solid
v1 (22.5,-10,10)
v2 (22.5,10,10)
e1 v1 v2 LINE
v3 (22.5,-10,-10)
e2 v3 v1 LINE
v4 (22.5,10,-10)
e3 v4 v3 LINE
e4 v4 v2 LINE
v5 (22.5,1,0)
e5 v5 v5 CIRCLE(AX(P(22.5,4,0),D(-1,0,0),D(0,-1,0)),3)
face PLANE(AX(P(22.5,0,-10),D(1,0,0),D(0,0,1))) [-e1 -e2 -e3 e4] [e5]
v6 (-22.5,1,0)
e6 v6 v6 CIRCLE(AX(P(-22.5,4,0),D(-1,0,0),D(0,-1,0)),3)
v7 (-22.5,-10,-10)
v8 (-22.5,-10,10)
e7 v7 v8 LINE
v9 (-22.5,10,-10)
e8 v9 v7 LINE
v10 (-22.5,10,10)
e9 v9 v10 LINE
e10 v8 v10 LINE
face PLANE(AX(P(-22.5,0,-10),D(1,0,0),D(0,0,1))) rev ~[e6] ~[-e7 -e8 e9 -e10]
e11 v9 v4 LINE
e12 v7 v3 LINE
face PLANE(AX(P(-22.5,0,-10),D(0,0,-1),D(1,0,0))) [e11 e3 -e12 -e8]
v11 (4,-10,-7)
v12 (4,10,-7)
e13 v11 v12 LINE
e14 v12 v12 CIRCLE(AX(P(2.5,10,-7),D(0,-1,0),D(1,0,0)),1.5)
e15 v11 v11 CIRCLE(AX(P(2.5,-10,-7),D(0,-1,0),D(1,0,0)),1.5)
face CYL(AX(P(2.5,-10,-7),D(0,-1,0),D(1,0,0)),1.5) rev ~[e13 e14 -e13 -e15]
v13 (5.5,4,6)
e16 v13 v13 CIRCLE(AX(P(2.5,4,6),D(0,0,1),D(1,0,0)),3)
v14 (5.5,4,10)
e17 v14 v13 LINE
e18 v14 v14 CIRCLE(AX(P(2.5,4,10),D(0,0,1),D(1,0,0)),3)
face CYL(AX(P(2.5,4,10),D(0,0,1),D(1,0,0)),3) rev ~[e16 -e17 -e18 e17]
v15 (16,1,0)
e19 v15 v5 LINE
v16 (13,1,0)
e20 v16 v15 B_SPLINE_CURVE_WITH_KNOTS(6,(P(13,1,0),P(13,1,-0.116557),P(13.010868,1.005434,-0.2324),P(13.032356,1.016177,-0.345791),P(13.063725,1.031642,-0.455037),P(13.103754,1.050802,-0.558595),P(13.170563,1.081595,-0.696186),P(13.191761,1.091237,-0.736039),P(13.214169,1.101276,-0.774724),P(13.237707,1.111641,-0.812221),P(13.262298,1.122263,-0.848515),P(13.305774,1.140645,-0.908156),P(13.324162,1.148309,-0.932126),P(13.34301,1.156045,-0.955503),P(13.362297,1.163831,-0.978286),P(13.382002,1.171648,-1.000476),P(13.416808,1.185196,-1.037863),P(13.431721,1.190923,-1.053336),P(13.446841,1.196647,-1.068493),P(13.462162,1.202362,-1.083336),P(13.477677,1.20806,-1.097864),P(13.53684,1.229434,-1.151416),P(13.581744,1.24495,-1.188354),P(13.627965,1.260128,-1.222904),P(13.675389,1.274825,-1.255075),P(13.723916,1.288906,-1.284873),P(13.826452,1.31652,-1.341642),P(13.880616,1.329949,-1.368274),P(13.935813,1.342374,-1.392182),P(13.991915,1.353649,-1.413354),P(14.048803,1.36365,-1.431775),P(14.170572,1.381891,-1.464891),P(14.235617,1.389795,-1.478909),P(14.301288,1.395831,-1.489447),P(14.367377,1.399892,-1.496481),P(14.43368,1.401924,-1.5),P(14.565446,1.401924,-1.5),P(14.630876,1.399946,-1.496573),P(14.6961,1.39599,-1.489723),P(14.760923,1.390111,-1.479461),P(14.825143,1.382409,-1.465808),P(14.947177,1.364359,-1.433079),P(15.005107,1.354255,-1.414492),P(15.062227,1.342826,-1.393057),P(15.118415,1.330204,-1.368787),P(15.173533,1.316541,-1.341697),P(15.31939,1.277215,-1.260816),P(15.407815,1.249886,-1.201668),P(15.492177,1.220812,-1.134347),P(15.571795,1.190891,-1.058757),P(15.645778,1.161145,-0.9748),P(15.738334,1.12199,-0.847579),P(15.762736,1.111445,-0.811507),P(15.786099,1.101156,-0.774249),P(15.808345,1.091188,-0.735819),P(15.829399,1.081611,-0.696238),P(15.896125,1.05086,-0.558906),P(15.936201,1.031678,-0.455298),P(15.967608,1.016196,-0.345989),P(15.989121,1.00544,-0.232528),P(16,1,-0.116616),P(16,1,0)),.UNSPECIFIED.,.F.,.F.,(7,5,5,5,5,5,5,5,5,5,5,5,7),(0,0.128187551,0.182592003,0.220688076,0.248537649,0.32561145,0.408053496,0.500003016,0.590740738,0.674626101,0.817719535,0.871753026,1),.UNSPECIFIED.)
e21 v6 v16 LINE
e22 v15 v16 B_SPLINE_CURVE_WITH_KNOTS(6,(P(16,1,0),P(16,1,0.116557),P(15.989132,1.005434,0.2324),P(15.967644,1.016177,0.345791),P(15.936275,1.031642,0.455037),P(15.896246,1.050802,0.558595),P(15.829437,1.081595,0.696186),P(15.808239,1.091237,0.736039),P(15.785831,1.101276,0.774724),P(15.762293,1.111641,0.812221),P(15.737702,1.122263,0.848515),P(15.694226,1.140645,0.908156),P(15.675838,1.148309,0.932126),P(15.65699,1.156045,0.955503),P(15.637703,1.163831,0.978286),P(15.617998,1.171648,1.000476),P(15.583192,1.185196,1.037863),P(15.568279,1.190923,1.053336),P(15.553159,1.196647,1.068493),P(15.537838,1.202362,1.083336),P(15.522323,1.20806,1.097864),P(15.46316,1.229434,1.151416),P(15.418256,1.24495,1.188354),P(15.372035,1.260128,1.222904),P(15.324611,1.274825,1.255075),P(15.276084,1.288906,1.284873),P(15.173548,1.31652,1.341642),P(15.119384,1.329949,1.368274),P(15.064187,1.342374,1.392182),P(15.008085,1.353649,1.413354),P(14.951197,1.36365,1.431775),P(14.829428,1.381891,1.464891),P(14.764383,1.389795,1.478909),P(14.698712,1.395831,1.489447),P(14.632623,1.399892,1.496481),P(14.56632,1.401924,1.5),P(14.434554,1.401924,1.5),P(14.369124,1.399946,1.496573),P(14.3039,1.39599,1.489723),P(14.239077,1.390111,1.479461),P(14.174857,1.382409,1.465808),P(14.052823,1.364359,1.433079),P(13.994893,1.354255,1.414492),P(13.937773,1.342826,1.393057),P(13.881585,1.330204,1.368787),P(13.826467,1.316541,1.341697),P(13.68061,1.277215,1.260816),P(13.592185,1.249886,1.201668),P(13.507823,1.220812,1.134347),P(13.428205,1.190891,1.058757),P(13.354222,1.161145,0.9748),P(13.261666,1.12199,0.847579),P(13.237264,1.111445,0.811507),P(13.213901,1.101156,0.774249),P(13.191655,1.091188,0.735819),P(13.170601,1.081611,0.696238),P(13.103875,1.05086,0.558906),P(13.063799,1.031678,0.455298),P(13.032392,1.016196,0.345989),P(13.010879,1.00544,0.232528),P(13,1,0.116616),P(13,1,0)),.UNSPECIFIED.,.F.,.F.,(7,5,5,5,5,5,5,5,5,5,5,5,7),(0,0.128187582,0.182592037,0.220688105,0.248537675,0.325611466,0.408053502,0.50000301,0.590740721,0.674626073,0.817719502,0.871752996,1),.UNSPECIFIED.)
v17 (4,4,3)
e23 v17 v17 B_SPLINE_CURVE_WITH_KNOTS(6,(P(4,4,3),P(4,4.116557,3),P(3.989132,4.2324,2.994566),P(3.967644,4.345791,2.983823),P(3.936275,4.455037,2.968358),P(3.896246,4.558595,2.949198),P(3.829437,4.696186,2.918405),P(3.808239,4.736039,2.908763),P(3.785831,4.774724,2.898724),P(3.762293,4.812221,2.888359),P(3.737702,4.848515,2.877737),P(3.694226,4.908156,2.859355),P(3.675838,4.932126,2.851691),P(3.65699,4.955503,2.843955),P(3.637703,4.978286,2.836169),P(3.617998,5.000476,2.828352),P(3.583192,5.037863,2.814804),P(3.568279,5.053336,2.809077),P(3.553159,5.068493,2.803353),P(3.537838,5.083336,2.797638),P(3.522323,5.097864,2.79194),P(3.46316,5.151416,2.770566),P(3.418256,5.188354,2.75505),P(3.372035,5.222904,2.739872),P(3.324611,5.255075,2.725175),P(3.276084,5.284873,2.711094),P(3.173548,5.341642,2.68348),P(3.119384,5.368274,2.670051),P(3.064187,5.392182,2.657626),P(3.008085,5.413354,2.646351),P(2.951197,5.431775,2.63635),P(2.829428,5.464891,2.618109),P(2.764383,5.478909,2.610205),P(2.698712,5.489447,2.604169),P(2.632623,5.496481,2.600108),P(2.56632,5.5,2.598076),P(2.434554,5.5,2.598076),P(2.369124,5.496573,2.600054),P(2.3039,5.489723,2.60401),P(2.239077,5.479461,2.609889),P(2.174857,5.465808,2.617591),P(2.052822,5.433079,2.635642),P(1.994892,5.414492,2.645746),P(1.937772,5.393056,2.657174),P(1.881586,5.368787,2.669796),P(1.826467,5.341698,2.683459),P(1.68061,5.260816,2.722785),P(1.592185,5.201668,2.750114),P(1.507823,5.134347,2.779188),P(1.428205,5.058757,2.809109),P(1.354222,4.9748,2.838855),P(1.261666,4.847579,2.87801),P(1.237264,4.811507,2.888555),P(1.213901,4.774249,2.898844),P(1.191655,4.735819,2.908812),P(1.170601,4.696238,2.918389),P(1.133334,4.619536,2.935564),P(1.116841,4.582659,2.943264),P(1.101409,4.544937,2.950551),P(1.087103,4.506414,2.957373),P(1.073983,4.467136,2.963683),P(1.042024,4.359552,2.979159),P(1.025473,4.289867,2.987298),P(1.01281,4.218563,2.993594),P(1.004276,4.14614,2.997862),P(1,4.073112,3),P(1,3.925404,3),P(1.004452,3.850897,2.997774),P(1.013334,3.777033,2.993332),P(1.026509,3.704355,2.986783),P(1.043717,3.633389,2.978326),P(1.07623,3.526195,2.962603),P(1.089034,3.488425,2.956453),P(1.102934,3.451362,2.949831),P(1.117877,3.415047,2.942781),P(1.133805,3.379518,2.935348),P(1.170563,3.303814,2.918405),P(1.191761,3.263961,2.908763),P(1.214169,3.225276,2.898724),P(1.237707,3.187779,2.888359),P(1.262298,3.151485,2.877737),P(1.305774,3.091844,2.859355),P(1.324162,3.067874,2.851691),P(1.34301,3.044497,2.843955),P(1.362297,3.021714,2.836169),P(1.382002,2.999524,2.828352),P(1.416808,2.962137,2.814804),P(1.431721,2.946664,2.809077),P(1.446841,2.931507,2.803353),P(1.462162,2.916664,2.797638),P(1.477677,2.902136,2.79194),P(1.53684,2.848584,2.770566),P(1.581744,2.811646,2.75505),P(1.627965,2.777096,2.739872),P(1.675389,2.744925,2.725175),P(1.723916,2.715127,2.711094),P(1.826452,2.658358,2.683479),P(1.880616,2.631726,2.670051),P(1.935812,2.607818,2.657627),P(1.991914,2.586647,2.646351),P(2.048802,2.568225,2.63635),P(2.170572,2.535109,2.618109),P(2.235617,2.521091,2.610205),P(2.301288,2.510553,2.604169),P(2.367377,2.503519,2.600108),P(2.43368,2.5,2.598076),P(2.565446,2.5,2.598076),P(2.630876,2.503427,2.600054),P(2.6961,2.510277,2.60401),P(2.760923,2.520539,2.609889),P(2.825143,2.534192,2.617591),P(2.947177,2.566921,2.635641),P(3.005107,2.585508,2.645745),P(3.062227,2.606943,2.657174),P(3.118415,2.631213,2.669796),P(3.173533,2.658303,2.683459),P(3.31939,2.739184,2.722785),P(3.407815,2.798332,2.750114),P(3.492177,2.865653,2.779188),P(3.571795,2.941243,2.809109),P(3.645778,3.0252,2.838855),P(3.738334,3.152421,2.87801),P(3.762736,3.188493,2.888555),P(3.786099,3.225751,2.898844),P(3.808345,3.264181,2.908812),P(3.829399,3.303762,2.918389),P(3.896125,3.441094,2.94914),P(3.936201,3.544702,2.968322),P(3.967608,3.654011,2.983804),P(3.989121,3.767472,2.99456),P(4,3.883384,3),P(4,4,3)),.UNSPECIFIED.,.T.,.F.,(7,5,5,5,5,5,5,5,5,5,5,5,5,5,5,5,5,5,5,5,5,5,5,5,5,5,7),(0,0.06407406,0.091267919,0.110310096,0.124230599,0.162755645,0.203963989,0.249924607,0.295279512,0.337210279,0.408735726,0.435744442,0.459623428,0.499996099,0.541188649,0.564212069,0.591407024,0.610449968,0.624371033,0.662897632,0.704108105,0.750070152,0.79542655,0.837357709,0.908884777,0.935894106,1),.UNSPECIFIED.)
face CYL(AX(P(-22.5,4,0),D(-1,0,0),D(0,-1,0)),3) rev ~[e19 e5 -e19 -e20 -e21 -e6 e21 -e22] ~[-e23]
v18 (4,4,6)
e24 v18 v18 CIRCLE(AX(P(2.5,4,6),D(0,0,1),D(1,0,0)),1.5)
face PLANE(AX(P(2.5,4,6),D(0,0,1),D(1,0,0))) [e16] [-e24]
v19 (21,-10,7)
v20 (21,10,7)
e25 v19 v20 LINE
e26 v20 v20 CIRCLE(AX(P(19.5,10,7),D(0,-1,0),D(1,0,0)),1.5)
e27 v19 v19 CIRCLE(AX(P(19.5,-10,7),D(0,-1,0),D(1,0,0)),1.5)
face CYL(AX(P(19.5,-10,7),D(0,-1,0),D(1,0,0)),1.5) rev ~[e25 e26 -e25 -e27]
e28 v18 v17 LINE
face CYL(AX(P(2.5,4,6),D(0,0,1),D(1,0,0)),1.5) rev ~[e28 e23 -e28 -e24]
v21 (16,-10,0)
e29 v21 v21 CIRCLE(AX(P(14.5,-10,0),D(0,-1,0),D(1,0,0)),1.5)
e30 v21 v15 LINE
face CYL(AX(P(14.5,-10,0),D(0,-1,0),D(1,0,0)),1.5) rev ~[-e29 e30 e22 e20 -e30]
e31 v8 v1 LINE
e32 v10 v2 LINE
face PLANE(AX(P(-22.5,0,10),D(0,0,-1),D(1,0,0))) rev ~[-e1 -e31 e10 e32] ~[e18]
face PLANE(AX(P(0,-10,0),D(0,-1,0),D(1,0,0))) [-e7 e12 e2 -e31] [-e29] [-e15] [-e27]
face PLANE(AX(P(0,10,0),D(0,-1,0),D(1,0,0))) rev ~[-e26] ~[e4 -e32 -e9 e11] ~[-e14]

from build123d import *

# Parameters (mm, degrees)
F0_W          = 45
F0_H          = 20
F1_DEPTH      = 10
F1_DEPTH_BACK = 10
F2_R          = 3
F3_DEPTH      = 45.001
F4_R          = 1.5
F5_DEPTH      = 20.001
F6_R          = 1.5
F7_DEPTH      = 11.4029238886
F8_R          = 3
F9_DEPTH      = 4
F10_R         = 1.5
F11_DEPTH     = 3.4029238886


with BuildPart() as f1:
    # F0 (on Front) → F1 (new body, two sides)
    with BuildSketch(Plane.XZ) as f1_sk:
        Rectangle(F0_W, F0_H)
    extrude(amount=F1_DEPTH)
    extrude(f1_sk.sketch, amount=-F1_DEPTH_BACK)

    # F2 (on face) → F3 (cut, through all)
    with BuildSketch(Plane(origin=(-22.5, 0, 0), x_dir=(0, -1, 0), z_dir=(-1, 0, 0))):
        with Locations((-4, 0)):
            Circle(F2_R)
    extrude(amount=-F3_DEPTH, mode=Mode.SUBTRACT)

    # F4 (on face) → F5 (cut, through all)
    with BuildSketch(Plane.XZ.offset(10)):
        with Locations((19.5, 7)):
            Circle(F4_R)
        with Locations((2.5, -7)):
            Circle(F4_R)
    extrude(amount=-F5_DEPTH, mode=Mode.SUBTRACT)

    # F6 (on face) → F7 (cut, through all)
    with BuildSketch(Plane.XZ.offset(10)):
        with Locations((14.5, 0)):
            Circle(F6_R)
    extrude(amount=-F7_DEPTH, mode=Mode.SUBTRACT)

    # F8 (on face) → F9 (cut)
    with BuildSketch(Plane.XY.offset(10)):
        with Locations((2.5, 4)):
            Circle(F8_R)
    extrude(amount=-F9_DEPTH, mode=Mode.SUBTRACT)

    # F10 (on face) → F11 (cut, through all)
    with BuildSketch(Plane.XY.offset(6)):
        with Locations((2.5, 4)):
            Circle(F10_R)
    extrude(amount=-F11_DEPTH, mode=Mode.SUBTRACT)


solid = f1.part
